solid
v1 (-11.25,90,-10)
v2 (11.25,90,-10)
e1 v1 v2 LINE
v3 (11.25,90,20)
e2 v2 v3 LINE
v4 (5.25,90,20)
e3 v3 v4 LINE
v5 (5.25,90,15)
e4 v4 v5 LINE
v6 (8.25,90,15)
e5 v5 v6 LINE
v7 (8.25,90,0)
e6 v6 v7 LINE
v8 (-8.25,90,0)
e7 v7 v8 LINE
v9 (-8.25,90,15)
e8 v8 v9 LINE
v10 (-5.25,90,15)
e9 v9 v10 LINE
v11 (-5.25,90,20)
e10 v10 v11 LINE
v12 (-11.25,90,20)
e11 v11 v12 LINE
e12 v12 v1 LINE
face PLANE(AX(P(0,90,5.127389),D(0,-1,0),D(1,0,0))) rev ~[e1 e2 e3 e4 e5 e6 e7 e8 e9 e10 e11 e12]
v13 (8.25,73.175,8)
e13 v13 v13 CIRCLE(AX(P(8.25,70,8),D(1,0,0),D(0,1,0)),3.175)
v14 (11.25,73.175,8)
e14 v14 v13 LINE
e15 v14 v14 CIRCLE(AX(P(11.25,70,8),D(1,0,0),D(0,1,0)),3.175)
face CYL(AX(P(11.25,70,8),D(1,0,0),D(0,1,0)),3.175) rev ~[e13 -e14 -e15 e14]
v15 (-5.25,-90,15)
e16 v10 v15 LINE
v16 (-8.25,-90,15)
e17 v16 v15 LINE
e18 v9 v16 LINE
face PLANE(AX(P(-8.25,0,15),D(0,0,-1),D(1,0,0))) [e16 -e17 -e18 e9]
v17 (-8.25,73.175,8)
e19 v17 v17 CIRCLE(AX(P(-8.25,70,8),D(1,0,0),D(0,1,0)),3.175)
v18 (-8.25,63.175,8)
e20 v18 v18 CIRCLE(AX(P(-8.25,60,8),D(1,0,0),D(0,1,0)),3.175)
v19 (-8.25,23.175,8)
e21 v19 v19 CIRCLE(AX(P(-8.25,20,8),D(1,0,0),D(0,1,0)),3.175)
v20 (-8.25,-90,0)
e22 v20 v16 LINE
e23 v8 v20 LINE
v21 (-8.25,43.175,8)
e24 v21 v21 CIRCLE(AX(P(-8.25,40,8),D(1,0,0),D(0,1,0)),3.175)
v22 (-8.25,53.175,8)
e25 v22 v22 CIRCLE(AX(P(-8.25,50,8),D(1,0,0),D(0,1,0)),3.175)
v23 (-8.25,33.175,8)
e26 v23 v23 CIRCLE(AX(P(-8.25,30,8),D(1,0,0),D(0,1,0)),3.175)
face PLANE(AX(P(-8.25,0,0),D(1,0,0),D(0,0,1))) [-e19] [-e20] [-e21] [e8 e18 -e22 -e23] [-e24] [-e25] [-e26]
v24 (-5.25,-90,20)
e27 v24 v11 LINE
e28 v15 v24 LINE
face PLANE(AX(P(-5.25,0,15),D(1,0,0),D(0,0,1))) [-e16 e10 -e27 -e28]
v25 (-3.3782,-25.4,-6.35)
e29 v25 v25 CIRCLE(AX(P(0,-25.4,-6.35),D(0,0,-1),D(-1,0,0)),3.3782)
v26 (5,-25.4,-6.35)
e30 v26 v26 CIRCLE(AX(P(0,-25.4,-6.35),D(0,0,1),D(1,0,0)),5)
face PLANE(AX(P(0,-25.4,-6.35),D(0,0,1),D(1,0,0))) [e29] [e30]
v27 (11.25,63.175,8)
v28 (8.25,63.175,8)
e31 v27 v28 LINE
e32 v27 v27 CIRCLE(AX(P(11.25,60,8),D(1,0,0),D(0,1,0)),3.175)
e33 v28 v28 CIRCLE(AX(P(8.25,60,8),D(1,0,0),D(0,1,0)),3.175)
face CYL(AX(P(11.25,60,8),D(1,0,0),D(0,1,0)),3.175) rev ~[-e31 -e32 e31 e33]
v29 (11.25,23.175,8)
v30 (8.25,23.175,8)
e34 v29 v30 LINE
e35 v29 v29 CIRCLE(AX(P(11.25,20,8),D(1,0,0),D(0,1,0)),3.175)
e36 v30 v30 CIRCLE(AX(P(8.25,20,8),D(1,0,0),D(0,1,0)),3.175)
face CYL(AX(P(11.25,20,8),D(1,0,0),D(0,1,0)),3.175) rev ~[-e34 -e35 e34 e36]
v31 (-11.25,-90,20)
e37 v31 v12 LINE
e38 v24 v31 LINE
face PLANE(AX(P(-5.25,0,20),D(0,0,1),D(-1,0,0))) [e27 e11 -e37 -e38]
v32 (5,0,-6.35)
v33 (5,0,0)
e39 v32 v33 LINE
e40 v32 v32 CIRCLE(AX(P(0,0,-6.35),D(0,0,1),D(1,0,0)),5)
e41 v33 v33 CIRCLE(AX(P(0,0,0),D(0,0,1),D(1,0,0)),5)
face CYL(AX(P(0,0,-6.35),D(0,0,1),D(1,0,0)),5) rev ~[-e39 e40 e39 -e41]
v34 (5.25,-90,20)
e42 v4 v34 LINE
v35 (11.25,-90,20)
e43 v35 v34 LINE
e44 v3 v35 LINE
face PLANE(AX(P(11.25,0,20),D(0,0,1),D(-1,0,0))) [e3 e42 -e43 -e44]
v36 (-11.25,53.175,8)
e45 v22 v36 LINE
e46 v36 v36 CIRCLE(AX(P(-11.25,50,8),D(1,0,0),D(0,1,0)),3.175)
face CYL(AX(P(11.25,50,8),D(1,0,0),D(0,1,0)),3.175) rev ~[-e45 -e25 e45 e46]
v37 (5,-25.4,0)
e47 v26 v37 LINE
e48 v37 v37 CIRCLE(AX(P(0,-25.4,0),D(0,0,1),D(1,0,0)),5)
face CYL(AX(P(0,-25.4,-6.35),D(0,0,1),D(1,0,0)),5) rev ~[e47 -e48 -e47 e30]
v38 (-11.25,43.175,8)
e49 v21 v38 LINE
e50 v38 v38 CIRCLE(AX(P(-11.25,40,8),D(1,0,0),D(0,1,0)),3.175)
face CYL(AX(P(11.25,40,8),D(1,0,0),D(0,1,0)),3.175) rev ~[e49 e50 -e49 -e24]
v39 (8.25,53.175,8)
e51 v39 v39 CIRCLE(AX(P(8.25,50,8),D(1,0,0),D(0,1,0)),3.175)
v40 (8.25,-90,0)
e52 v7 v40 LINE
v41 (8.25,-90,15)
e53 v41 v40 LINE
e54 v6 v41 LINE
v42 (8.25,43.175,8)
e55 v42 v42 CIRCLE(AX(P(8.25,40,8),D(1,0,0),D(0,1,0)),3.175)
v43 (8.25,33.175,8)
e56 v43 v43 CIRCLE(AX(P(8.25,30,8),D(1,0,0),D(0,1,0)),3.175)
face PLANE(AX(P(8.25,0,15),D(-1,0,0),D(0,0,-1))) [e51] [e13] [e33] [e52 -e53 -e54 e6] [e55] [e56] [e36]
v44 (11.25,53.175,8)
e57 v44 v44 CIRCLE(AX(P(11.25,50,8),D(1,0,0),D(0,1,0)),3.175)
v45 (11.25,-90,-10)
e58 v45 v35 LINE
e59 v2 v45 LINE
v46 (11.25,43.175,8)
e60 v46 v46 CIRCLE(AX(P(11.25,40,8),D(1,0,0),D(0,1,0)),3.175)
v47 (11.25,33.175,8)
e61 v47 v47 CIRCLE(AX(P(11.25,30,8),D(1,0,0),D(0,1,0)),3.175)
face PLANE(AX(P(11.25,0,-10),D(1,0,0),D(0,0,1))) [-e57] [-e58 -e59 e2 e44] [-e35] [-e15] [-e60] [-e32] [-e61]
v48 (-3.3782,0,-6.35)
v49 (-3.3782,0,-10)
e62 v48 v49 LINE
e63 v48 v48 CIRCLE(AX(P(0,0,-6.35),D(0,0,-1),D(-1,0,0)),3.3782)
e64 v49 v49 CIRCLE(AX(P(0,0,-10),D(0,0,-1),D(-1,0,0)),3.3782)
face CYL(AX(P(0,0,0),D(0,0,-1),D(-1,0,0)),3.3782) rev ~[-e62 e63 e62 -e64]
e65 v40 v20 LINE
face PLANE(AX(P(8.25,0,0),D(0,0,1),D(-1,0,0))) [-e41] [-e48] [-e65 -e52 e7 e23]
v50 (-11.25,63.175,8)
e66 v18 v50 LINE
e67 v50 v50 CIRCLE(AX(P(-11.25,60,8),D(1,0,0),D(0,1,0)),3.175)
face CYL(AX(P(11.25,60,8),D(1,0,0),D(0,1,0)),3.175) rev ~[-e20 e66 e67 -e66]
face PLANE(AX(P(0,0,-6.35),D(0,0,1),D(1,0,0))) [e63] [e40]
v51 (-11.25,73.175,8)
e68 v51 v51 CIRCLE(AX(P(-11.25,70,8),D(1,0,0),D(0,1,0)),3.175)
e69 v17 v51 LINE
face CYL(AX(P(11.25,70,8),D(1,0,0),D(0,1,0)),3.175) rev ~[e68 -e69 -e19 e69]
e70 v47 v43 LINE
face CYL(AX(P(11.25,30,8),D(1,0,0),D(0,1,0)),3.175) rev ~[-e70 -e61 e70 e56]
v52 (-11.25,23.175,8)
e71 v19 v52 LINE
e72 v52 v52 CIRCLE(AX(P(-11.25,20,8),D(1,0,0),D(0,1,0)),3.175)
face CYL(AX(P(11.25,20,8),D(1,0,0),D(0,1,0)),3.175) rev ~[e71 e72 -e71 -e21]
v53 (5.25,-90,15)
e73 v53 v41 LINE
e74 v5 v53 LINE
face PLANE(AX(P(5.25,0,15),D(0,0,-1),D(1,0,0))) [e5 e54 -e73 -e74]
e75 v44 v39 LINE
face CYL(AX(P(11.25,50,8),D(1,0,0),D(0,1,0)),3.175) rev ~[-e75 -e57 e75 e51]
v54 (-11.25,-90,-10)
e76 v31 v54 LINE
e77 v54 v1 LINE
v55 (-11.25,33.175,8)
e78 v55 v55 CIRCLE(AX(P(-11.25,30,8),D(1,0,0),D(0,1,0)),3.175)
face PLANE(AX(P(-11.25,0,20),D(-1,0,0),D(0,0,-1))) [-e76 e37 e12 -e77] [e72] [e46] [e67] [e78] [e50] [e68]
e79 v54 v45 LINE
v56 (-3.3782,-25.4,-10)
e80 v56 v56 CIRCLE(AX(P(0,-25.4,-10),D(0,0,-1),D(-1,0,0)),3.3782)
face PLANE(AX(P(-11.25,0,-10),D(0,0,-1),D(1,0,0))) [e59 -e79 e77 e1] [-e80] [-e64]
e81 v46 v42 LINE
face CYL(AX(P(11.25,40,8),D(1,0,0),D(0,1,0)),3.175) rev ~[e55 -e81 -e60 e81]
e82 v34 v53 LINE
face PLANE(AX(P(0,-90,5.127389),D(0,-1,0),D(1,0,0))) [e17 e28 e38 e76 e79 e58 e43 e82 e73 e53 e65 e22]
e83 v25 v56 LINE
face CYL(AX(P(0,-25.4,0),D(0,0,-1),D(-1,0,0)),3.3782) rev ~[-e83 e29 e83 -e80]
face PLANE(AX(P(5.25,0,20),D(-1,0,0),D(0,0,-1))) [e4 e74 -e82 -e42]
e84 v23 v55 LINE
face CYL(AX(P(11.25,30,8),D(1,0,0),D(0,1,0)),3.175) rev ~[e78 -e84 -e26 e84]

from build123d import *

# Parameters (mm, degrees)
F1_DEPTH       = 90
F3_D           = 6.7564
F3_CBORE_D     = 10
F3_CBORE_DEPTH = 6.35
F4_R           = 3.175
F5_DEPTH       = 25
F7_D           = 6.7564
F7_CBORE_D     = 10
F7_CBORE_DEPTH = 6.35


with BuildPart() as f1:
    # F0 (on Front) → F1 (new body, symmetric)
    with BuildSketch(Plane.XZ):
        Polygon((-11.25, -10), (0, -10), (11.25, -10), (11.25, 20), (5.25, 20), (5.25, 15), (8.25, 15), (8.25, 0), (5.25, 0), (0, 0), (-5.25, 0), (-8.25, 0), (-8.25, 15), (-5.25, 15), (-5.25, 20), (-11.25, 20), align=None)
    extrude(amount=F1_DEPTH, both=True)

    # F3 (through all)
    with Locations(Plane.XY):
        with Locations((0, 0)):
            CounterBoreHole(F3_D / 2, F3_CBORE_D / 2, F3_CBORE_DEPTH)

    # F4 (on face) → F5 (cut)
    with BuildSketch(Plane.YZ.offset(11.25)):
        with Locations((40, 8)):
            Circle(F4_R)
        with Locations((50, 8)):
            Circle(F4_R)
        with Locations((60, 8)):
            Circle(F4_R)
        with Locations((30, 8)):
            Circle(F4_R)
        with Locations((20, 8)):
            Circle(F4_R)
        with Locations((70, 8)):
            Circle(F4_R)
    extrude(amount=-F5_DEPTH, mode=Mode.SUBTRACT)

    # F7 (through all)
    with Locations(Plane.XY):
        with Locations((0, -25.4)):
            CounterBoreHole(F7_D / 2, F7_CBORE_D / 2, F7_CBORE_DEPTH)


solid = f1.part
